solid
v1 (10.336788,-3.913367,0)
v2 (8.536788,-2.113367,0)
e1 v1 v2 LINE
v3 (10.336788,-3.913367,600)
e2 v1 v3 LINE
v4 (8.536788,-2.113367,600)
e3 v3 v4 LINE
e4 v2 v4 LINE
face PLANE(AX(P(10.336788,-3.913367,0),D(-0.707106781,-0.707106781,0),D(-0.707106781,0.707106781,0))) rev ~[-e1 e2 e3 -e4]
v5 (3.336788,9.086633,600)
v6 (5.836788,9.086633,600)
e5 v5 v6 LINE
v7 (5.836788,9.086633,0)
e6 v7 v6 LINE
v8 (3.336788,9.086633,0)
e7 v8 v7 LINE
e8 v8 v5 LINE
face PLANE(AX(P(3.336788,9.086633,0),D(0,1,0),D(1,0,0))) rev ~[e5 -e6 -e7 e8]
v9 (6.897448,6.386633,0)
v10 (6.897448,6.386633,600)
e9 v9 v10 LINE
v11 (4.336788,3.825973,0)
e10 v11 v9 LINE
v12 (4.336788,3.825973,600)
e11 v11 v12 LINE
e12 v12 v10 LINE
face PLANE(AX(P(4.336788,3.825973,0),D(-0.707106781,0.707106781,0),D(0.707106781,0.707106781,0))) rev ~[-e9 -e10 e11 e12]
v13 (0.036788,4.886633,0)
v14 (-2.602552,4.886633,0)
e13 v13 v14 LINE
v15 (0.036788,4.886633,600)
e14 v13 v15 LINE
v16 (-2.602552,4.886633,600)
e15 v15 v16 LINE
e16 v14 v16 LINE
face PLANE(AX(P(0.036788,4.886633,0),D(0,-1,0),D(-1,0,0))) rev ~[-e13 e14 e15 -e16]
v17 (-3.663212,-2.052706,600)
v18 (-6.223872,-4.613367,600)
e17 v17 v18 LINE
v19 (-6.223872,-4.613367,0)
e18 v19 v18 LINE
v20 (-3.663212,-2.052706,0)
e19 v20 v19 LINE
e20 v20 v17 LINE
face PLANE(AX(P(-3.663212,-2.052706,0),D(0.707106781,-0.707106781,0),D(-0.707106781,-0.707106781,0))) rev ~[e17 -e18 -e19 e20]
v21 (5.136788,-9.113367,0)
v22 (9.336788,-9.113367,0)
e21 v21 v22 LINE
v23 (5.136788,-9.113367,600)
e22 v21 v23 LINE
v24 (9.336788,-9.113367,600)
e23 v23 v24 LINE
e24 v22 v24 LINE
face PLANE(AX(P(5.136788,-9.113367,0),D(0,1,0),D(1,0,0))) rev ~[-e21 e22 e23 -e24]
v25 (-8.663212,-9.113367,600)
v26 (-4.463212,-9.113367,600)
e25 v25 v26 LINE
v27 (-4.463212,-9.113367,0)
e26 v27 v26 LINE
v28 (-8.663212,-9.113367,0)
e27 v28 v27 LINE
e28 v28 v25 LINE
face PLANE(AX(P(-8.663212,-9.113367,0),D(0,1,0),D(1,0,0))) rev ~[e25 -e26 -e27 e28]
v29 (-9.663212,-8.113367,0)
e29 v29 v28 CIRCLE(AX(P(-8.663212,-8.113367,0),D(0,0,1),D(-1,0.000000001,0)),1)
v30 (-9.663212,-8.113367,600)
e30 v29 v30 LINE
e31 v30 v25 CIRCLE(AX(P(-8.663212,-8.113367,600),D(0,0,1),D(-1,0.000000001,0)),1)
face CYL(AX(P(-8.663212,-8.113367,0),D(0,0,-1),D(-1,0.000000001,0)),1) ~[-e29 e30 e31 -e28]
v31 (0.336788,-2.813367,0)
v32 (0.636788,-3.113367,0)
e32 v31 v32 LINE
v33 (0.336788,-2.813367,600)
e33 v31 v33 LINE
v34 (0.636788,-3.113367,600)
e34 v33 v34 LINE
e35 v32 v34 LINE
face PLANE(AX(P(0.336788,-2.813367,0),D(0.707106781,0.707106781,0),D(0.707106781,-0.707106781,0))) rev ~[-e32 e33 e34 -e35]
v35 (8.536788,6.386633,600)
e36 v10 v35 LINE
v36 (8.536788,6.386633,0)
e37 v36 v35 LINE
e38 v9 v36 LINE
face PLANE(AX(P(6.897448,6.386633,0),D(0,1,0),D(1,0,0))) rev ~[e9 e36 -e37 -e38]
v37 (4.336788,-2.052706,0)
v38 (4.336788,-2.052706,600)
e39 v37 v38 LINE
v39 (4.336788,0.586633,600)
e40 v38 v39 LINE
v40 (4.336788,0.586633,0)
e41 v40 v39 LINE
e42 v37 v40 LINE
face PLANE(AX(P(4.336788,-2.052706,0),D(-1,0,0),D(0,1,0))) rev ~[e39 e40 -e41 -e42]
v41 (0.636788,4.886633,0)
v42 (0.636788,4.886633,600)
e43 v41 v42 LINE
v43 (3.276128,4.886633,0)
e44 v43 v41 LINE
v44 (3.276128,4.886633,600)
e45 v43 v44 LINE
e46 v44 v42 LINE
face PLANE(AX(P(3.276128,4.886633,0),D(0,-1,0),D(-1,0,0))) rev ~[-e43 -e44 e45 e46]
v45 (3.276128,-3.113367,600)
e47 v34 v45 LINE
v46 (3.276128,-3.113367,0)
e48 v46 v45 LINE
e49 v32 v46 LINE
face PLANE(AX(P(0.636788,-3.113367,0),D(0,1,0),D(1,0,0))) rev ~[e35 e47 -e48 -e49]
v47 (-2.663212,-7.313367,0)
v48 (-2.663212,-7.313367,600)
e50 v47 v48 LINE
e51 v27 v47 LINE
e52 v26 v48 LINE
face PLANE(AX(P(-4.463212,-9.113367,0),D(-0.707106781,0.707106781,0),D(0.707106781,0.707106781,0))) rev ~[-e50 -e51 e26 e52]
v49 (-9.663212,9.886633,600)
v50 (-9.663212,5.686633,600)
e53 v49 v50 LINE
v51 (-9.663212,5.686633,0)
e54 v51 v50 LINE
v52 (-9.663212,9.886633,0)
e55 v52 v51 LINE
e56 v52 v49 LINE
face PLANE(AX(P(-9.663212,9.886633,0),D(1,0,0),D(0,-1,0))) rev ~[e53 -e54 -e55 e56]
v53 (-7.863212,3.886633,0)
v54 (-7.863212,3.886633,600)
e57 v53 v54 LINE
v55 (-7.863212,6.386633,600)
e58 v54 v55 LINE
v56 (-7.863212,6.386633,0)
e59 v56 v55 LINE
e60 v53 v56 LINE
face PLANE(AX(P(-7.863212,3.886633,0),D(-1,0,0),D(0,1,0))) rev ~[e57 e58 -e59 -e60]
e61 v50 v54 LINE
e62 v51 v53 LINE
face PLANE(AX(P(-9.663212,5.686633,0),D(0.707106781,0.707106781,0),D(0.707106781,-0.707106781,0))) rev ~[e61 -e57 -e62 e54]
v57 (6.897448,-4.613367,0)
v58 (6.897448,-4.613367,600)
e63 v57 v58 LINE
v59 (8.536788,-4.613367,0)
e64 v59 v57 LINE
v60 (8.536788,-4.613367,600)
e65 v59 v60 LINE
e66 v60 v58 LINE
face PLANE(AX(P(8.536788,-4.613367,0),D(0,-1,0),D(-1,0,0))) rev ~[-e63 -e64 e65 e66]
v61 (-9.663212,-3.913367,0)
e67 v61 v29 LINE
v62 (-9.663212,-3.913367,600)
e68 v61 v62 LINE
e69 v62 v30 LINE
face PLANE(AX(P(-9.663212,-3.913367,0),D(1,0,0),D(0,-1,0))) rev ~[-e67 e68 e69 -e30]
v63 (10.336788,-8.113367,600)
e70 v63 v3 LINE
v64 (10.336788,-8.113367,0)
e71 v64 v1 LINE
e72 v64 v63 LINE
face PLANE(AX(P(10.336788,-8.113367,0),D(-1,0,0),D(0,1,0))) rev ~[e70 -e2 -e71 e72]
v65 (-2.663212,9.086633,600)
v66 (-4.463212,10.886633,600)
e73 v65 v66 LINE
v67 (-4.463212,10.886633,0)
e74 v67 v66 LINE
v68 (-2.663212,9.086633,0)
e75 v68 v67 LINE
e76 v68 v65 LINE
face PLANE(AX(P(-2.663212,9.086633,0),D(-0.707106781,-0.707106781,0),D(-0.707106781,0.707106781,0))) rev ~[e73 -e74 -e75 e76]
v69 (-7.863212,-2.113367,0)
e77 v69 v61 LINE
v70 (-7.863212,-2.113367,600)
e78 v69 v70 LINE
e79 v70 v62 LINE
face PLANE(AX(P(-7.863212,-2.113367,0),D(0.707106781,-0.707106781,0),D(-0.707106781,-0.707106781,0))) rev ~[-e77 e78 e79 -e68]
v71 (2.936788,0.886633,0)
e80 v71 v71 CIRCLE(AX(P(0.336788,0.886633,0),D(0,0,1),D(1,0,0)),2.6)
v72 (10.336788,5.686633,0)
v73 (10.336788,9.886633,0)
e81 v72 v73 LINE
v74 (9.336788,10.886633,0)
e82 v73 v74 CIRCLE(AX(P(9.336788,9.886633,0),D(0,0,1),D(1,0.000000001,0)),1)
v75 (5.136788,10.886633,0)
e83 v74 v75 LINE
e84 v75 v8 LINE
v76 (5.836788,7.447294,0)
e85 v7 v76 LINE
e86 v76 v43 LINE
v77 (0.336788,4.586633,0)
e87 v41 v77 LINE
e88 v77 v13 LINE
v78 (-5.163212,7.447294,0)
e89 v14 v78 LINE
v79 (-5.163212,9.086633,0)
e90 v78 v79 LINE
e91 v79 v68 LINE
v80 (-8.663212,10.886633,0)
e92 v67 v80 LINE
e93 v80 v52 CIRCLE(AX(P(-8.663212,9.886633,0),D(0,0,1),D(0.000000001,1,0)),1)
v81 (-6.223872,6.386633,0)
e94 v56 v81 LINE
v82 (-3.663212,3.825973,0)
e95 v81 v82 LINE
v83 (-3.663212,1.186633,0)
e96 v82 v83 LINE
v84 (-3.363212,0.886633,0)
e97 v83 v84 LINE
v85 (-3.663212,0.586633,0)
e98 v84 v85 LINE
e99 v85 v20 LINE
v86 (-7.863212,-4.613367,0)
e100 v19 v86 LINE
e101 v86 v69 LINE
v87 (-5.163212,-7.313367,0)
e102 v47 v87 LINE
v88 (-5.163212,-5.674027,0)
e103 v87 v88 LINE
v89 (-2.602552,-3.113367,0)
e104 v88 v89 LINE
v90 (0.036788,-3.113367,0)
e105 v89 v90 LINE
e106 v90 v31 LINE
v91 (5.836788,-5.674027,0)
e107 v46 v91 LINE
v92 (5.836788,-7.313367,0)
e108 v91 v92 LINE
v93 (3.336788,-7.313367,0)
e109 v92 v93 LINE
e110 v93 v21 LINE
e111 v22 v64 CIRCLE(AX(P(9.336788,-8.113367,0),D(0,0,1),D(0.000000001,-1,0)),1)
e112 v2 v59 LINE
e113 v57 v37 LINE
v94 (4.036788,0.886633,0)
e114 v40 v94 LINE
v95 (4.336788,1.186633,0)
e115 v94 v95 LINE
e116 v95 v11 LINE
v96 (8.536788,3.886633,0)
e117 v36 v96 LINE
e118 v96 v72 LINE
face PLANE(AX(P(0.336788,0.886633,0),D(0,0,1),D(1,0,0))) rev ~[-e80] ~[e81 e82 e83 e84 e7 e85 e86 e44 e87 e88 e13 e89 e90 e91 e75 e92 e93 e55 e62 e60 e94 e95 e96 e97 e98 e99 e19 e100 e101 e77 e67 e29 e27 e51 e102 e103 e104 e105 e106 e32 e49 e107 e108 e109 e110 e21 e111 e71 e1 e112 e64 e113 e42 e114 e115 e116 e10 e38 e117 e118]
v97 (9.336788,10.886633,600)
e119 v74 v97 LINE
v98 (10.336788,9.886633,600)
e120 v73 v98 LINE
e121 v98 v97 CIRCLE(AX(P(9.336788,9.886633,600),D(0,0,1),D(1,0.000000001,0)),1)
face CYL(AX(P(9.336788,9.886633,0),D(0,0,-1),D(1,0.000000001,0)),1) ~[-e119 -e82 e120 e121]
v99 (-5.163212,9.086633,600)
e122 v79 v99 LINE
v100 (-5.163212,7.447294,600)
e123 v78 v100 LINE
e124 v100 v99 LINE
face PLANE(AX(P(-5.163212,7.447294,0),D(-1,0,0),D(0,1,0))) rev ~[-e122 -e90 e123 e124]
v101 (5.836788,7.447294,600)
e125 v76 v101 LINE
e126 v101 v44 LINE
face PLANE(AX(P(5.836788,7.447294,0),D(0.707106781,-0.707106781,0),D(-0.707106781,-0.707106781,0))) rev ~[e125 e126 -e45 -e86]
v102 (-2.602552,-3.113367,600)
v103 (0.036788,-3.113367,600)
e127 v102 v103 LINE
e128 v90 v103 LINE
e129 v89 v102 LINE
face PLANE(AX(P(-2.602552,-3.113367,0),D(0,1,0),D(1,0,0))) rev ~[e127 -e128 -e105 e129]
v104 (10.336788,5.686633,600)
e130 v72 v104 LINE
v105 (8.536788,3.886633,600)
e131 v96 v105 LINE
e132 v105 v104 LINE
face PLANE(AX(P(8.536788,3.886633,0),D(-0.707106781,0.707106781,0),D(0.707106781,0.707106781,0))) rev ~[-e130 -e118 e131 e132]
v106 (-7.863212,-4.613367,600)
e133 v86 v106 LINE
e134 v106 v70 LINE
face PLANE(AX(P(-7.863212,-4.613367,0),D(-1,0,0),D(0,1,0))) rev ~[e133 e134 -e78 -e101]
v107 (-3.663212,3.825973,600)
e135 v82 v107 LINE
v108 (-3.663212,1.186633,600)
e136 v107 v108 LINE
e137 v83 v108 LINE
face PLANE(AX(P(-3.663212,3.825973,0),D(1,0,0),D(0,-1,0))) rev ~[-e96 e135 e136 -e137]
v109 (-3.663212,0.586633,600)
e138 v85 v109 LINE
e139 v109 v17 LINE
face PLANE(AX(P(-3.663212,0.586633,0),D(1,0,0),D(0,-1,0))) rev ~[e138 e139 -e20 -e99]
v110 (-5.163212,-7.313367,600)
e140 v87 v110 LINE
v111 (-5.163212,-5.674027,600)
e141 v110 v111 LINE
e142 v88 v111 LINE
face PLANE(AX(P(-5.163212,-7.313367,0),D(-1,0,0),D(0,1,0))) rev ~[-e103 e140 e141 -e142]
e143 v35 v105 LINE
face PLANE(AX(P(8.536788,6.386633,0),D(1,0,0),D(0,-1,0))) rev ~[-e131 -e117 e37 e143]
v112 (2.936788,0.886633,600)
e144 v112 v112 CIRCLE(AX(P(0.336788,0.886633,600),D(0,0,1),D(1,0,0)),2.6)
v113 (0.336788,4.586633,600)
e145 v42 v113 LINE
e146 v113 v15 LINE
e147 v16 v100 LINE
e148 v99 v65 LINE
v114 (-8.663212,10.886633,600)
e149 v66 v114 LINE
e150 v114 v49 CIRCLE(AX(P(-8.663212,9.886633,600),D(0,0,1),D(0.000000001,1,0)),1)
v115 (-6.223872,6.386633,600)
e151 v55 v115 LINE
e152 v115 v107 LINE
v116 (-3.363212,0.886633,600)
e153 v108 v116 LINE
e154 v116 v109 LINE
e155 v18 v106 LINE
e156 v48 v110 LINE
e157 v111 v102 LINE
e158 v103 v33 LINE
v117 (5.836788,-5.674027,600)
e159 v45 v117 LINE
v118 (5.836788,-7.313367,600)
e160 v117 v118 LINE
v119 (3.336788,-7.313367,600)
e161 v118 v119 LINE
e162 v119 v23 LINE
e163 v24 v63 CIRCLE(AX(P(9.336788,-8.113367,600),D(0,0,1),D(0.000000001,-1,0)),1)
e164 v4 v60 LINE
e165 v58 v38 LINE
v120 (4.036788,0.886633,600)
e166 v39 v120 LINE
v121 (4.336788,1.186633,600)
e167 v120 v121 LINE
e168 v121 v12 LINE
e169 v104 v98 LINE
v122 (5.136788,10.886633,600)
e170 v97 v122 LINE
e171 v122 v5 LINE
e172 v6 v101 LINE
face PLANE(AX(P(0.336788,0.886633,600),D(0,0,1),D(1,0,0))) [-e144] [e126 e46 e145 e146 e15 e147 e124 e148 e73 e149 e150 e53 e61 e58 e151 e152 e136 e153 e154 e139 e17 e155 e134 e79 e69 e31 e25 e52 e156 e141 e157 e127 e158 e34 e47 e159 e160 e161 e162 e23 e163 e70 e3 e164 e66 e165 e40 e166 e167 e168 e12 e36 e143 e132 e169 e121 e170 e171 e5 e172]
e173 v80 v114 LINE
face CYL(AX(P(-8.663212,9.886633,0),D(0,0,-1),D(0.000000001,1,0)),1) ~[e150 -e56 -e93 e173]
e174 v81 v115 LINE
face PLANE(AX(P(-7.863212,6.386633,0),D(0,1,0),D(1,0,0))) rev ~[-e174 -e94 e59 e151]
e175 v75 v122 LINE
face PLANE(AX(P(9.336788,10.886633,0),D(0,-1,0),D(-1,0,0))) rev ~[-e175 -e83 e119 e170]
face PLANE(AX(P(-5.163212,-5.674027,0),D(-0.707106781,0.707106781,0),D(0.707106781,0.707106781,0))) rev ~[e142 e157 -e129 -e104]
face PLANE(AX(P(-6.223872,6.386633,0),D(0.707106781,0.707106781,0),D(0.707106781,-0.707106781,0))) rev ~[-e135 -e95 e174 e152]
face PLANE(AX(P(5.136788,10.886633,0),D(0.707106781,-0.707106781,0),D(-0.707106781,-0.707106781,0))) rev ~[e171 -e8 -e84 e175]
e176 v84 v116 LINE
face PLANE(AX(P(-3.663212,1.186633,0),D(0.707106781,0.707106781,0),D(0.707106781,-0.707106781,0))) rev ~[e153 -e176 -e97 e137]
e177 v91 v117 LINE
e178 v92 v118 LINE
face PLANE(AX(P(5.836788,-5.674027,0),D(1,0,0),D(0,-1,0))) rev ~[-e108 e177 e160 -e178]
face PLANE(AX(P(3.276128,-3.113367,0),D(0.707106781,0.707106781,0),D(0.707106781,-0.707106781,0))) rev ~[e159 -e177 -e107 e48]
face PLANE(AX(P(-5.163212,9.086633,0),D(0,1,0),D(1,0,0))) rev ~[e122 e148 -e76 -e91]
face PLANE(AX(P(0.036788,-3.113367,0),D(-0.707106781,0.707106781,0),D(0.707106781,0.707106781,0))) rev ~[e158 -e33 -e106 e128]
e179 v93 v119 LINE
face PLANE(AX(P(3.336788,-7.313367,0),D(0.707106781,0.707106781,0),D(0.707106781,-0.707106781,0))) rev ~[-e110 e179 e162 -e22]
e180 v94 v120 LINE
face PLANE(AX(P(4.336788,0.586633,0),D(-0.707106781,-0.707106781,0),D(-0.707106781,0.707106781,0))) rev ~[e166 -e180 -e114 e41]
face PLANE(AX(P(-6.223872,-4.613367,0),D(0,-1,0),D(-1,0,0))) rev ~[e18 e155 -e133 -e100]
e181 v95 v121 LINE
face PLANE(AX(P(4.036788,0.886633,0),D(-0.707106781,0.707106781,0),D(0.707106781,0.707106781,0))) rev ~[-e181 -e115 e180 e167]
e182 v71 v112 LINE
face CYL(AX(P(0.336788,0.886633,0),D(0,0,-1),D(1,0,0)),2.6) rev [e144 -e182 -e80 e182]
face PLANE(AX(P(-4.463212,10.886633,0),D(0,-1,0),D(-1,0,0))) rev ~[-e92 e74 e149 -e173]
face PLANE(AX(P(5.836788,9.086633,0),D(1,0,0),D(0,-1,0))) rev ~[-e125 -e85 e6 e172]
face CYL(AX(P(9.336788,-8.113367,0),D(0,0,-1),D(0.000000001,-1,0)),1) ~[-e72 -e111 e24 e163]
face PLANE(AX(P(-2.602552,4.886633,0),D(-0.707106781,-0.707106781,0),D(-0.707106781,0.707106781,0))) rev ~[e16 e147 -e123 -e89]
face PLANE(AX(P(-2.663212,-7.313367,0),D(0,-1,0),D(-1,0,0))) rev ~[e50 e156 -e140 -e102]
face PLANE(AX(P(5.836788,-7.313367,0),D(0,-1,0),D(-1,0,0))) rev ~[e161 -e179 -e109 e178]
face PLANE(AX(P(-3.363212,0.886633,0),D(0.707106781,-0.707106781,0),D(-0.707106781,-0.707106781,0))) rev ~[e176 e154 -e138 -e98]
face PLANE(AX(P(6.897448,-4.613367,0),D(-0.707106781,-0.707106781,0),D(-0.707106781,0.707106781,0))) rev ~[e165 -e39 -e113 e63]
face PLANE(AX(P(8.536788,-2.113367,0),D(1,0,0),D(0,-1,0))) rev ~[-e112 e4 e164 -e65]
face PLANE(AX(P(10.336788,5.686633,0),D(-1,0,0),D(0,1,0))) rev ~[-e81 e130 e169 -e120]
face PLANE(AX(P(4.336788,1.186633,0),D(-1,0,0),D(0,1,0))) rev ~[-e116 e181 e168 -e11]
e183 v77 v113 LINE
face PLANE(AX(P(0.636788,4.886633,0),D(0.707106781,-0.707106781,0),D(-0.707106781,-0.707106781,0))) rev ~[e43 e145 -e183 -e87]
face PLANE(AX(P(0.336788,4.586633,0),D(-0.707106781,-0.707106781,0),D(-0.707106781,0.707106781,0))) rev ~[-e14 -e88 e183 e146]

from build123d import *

# Parameters (mm, degrees)
SKETCH1_R           = 2.6
BOSS_EXTRUDE1_DEPTH = 600


with BuildPart() as part:
    # Sketch1 → Boss-Extrude1 (new body)
    with BuildSketch(Plane.XY):
        with BuildLine():
            Line((10.336788111, -8.113366567), (10.336788111, -3.913366567))
            Line((10.336788111, -3.913366567), (8.536788111, -2.113366567))
            Line((8.536788111, -2.113366567), (8.536788111, -4.613366567))
            Line((8.536788111, -4.613366567), (6.897448282, -4.613366567))
            Line((6.897448282, -4.613366567), (4.336788111, -2.052706395))
            Line((4.336788111, -2.052706395), (4.336788111, 0.586633433))
            Line((4.336788111, 0.586633433), (4.036788111, 0.886633433))
            Line((4.036788111, 0.886633433), (4.336788111, 1.186633433))
            Line((4.336788111, 1.186633433), (4.336788111, 3.825973261))
            Line((4.336788111, 3.825973261), (6.897448282, 6.386633433))
            Line((6.897448282, 6.386633433), (8.536788111, 6.386633433))
            Line((8.536788111, 6.386633433), (8.536788111, 3.886633433))
            Line((8.536788111, 3.886633433), (10.336788111, 5.686633433))
            Line((10.336788111, 5.686633433), (10.336788111, 9.886633433))
            ThreePointArc((10.336788111, 9.886633433), (10.043894892, 10.593740214), (9.336788111, 10.886633433))
            Line((9.336788111, 10.886633433), (5.136788111, 10.886633433))
            Line((5.136788111, 10.886633433), (3.336788111, 9.086633433))
            Line((3.336788111, 9.086633433), (5.836788111, 9.086633433))
            Line((5.836788111, 9.086633433), (5.836788111, 7.447293605))
            Line((5.836788111, 7.447293605), (3.276127939, 4.886633433))
            Line((3.276127939, 4.886633433), (0.636788111, 4.886633433))
            Line((0.636788111, 4.886633433), (0.336788111, 4.586633433))
            Line((0.336788111, 4.586633433), (0.036788111, 4.886633433))
            Line((0.036788111, 4.886633433), (-2.602551718, 4.886633433))
            Line((-2.602551718, 4.886633433), (-5.163211889, 7.447293605))
            Line((-5.163211889, 7.447293605), (-5.163211889, 9.086633433))
            Line((-5.163211889, 9.086633433), (-2.663211889, 9.086633433))
            Line((-2.663211889, 9.086633433), (-4.463211889, 10.886633433))
            Line((-4.463211889, 10.886633433), (-8.663211889, 10.886633433))
            ThreePointArc((-8.663211889, 10.886633433), (-9.370318671, 10.593740214), (-9.663211889, 9.886633433))
            Line((-9.663211889, 9.886633433), (-9.663211889, 5.686633433))
            Line((-9.663211889, 5.686633433), (-7.863211889, 3.886633433))
            Line((-7.863211889, 3.886633433), (-7.863211889, 6.386633433))
            Line((-7.863211889, 6.386633433), (-6.223872061, 6.386633433))
            Line((-6.223872061, 6.386633433), (-3.663211889, 3.825973261))
            Line((-3.663211889, 3.825973261), (-3.663211889, 1.186633433))
            Line((-3.663211889, 1.186633433), (-3.363211889, 0.886633433))
            Line((-3.363211889, 0.886633433), (-3.663211889, 0.586633433))
            Line((-3.663211889, 0.586633433), (-3.663211889, -2.052706395))
            Line((-3.663211889, -2.052706395), (-6.223872061, -4.613366567))
            Line((-6.223872061, -4.613366567), (-7.863211889, -4.613366567))
            Line((-7.863211889, -4.613366567), (-7.863211889, -2.113366567))
            Line((-7.863211889, -2.113366567), (-9.663211889, -3.913366567))
            Line((-9.663211889, -3.913366567), (-9.663211889, -8.113366567))
            ThreePointArc((-9.663211889, -8.113366567), (-9.370318671, -8.820473348), (-8.663211889, -9.113366567))
            Line((-8.663211889, -9.113366567), (-4.463211889, -9.113366567))
            Line((-4.463211889, -9.113366567), (-2.663211889, -7.313366567))
            Line((-2.663211889, -7.313366567), (-5.163211889, -7.313366567))
            Line((-5.163211889, -7.313366567), (-5.163211889, -5.674026739))
            Line((-5.163211889, -5.674026739), (-2.602551718, -3.113366567))
            Line((-2.602551718, -3.113366567), (0.036788111, -3.113366567))
            Line((0.036788111, -3.113366567), (0.336788111, -2.813366567))
            Line((0.336788111, -2.813366567), (0.636788111, -3.113366567))
            Line((0.636788111, -3.113366567), (3.276127939, -3.113366567))
            Line((3.276127939, -3.113366567), (5.836788111, -5.674026739))
            Line((5.836788111, -5.674026739), (5.836788111, -7.313366567))
            Line((5.836788111, -7.313366567), (3.336788111, -7.313366567))
            Line((3.336788111, -7.313366567), (5.136788111, -9.113366567))
            Line((5.136788111, -9.113366567), (9.336788111, -9.113366567))
            ThreePointArc((9.336788111, -9.113366567), (10.043894892, -8.820473348), (10.336788111, -8.113366567))
        make_face()
        with Locations((0.336788111, 0.886633433)):
            Circle(SKETCH1_R, mode=Mode.SUBTRACT)
    extrude(amount=BOSS_EXTRUDE1_DEPTH)


solid = part.part
